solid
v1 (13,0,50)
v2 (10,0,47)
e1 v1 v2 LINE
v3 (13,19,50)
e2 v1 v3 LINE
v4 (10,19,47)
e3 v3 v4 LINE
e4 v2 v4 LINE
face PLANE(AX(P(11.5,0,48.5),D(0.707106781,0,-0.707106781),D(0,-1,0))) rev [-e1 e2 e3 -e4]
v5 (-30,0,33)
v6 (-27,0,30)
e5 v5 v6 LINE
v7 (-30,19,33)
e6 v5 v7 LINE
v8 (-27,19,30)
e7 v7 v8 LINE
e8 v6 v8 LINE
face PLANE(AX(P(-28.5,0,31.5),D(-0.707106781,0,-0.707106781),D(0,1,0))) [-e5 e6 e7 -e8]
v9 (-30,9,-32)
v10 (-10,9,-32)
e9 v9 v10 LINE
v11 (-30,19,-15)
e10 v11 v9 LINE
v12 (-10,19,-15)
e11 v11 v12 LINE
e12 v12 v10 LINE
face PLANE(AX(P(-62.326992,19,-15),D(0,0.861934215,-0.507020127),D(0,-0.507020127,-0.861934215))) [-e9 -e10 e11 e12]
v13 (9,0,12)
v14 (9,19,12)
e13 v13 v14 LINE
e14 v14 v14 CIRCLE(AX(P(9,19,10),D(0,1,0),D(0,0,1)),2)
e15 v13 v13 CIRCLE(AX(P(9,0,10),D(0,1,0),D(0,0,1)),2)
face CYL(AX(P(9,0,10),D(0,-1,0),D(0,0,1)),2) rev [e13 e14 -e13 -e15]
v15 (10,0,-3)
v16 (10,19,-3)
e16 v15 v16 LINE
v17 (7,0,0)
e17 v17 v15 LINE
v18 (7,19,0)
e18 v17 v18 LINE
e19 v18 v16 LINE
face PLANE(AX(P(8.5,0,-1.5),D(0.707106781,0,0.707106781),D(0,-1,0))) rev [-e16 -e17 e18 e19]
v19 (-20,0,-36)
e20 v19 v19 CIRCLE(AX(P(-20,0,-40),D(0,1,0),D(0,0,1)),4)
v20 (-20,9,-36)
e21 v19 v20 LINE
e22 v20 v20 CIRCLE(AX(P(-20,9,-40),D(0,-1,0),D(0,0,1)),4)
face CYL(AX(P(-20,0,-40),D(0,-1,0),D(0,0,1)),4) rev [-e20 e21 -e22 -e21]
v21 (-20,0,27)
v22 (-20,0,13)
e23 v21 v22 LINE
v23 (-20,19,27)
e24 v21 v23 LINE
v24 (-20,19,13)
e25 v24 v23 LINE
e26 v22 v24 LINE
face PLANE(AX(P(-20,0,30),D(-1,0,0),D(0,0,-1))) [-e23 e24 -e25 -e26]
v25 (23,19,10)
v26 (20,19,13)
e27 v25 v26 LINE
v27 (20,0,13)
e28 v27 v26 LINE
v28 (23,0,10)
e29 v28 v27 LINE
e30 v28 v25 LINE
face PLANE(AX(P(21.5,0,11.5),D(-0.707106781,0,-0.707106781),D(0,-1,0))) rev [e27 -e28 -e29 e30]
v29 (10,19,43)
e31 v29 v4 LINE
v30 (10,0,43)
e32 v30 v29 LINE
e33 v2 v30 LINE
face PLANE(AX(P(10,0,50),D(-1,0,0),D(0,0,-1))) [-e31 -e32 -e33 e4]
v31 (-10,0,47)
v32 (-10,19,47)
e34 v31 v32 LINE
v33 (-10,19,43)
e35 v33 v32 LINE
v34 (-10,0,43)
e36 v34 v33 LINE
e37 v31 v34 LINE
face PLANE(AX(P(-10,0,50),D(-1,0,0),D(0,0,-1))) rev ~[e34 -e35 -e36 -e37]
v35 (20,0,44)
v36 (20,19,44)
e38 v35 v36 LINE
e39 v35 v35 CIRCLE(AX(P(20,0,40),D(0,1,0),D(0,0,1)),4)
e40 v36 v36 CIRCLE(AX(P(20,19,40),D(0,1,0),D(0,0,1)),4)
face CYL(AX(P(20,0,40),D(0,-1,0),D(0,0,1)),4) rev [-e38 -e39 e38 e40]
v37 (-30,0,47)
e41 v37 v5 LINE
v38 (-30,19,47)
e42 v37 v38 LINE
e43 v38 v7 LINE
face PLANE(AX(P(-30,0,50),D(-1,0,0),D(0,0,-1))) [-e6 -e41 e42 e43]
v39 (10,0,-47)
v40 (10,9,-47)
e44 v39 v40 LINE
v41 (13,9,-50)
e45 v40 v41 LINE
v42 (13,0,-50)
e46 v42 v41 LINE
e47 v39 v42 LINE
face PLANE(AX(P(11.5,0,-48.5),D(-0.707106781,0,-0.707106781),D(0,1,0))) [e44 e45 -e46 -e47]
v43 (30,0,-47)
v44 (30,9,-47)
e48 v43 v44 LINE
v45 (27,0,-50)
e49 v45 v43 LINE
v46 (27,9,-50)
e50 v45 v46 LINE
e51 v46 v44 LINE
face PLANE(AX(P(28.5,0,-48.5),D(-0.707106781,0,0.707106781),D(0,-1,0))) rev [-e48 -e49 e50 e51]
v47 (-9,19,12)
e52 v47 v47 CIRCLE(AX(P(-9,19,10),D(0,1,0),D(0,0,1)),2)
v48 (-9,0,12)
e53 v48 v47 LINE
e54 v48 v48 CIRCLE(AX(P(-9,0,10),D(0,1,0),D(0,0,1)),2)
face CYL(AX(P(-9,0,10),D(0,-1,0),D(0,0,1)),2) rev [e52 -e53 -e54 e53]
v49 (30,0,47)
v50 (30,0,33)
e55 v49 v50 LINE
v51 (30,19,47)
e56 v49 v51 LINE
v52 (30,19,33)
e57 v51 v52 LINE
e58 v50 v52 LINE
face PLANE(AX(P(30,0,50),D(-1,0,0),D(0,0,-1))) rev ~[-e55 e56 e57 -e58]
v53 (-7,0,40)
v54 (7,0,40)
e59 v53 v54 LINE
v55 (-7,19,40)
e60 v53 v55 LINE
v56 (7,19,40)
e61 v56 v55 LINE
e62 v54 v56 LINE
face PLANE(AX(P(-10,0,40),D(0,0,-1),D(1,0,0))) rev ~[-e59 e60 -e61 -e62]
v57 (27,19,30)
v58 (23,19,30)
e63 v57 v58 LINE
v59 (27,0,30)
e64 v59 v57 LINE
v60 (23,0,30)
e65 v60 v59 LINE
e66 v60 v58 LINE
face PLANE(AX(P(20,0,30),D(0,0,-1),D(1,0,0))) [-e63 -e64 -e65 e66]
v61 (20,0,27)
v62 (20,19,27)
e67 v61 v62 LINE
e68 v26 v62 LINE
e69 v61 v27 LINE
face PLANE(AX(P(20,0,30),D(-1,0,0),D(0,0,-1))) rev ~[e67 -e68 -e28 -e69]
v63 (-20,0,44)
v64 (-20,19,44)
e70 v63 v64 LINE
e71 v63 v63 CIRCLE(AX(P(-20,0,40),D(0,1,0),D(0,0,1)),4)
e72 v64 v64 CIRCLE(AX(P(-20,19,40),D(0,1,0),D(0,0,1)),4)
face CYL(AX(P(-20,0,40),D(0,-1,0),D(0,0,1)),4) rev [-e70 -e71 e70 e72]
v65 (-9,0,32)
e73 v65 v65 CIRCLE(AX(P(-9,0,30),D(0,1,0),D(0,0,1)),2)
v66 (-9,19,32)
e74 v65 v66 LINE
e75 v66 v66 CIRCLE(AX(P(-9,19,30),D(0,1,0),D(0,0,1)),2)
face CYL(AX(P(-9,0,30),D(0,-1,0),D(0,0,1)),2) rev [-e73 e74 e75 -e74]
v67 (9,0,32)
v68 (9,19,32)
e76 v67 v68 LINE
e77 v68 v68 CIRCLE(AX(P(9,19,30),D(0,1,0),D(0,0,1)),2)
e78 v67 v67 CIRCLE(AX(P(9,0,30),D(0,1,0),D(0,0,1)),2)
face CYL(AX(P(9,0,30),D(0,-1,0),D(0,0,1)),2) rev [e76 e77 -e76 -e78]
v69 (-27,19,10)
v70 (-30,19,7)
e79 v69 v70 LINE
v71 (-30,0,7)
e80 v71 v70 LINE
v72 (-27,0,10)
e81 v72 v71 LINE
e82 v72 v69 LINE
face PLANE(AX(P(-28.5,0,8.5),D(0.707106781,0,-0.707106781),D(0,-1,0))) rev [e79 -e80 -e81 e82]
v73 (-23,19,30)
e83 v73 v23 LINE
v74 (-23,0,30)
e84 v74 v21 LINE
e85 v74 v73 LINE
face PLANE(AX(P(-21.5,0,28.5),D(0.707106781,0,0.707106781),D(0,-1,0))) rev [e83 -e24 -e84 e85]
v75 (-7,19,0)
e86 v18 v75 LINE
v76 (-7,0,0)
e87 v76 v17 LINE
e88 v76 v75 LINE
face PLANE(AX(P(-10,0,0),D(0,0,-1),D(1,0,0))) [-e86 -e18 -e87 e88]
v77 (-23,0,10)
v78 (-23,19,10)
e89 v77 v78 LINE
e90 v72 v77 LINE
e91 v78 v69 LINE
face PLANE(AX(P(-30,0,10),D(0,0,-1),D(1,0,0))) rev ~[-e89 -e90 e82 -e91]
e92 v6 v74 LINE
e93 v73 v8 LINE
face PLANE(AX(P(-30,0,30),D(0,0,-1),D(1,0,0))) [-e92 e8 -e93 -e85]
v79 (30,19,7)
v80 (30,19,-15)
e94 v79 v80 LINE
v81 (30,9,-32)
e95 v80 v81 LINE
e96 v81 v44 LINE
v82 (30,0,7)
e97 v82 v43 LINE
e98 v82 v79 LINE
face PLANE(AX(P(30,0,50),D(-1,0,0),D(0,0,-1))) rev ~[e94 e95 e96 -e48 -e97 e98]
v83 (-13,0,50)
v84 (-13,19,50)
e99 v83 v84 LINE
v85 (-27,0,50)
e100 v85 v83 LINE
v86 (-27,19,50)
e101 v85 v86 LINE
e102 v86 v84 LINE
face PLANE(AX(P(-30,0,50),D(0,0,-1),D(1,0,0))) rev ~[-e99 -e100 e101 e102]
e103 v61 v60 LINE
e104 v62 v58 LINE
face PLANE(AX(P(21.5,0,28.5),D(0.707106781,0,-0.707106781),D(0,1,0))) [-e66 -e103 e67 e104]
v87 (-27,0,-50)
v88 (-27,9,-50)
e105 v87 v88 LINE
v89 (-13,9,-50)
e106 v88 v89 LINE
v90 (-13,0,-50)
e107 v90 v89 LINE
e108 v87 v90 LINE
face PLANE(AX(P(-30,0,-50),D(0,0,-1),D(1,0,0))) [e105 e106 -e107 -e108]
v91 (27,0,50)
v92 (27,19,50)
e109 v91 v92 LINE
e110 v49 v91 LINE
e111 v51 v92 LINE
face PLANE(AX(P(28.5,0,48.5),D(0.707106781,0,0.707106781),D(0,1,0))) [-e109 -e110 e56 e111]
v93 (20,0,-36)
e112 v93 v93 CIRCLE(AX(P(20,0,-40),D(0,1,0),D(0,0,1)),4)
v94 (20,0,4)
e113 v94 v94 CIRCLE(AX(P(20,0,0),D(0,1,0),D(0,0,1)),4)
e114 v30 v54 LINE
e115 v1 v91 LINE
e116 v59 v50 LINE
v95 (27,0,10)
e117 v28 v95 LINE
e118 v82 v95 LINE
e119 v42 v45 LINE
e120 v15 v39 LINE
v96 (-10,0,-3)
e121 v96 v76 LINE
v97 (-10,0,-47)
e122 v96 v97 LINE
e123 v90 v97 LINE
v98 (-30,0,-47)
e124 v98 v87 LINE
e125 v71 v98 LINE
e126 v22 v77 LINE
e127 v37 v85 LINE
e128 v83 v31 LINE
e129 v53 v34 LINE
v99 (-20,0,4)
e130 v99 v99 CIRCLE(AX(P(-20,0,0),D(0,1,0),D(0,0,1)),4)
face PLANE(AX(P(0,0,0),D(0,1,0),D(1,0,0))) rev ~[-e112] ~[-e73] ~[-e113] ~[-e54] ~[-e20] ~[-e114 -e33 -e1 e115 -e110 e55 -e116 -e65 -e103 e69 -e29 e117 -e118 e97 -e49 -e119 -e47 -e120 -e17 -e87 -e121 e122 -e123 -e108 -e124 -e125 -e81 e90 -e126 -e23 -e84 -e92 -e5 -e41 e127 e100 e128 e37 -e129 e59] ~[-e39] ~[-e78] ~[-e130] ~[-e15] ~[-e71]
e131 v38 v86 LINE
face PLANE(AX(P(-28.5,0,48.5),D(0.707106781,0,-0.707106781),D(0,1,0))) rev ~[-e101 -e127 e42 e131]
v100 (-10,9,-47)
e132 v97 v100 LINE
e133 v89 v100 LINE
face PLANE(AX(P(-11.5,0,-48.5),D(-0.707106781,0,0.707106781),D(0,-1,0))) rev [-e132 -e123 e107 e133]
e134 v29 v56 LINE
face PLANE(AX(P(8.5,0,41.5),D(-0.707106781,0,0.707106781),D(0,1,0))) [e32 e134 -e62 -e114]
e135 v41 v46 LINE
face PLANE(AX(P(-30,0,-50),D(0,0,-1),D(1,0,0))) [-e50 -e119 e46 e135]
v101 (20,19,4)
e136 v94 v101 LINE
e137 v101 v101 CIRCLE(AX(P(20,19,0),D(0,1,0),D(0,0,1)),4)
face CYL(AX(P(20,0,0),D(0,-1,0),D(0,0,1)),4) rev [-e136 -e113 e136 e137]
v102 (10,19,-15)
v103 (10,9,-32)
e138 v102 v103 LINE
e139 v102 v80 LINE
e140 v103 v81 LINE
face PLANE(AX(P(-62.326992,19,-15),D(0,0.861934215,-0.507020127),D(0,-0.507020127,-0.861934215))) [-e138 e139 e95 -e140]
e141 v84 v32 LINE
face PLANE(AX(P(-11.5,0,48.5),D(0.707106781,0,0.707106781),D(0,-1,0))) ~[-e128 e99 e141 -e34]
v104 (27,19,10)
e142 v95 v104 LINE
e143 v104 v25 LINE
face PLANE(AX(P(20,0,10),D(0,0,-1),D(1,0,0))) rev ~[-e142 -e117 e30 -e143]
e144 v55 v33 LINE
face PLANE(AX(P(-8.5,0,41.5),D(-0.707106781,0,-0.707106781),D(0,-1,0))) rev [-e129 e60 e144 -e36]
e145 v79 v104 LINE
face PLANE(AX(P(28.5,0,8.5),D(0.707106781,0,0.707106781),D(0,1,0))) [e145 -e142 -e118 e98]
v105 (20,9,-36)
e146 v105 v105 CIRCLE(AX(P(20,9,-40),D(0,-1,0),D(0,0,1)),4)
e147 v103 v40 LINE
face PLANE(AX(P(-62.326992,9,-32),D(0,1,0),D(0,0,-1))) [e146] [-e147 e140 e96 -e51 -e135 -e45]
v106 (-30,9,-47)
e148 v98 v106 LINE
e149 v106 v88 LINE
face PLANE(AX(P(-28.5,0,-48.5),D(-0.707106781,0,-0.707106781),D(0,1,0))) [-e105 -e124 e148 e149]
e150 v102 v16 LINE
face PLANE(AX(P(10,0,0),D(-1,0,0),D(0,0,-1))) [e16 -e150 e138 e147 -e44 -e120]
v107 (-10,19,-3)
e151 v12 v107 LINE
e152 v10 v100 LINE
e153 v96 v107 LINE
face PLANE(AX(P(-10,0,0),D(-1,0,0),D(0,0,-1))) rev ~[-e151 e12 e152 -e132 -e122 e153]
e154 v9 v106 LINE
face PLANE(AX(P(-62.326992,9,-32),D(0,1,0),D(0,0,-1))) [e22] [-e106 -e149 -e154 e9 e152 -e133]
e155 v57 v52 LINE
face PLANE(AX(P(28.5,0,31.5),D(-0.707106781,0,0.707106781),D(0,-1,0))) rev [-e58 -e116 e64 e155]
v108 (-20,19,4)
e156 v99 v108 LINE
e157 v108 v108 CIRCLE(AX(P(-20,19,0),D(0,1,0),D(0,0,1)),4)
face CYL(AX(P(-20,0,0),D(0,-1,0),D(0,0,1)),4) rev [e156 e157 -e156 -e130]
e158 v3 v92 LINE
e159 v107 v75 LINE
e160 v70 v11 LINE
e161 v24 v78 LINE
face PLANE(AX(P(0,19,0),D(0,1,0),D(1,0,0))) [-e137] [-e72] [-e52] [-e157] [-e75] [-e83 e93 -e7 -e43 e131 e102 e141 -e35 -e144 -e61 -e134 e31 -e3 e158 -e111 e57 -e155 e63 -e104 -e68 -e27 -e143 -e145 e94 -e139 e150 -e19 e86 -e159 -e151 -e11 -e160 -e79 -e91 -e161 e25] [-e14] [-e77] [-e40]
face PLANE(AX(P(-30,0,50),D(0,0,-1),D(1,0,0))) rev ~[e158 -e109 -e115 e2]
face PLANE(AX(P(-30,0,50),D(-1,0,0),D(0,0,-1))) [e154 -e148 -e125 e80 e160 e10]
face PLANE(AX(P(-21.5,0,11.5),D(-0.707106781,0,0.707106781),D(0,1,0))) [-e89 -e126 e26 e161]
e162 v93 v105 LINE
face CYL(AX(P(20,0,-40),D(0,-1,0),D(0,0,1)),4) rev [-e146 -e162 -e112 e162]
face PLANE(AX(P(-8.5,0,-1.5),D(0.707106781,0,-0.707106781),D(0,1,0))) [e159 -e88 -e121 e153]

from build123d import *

# Parameters (mm, degrees)
SKETCH_1_W               = 60
SKETCH_1_H               = 100
SKETCH_1_R               = 4
SKETCH_1_R_2             = 2
EXTRUDE_1_DEPTH          = 19
SKETCH_3_W               = 20
SKETCH_3_H               = 50
SKETCH_3_H_2             = 10
SKETCH_3_W_2             = 10
SKETCH_3_H_3             = 20
CUT_EXTRUDE_1_DEPTH      = 62.326992426
CHAMFER_1_SIZE           = 3
CUT_EXTRUDE_2_DEPTH      = 62.326992426
CUT_EXTRUDE_2_DEPTH_BACK = 62.326992426


with BuildPart() as part:
    # 草图1 → 凸台-拉伸1 (new body)
    with BuildSketch(Plane(origin=(0, 0, 0), x_dir=(1, 0, 0), z_dir=(0, 1, 0))):
        Rectangle(SKETCH_1_W, SKETCH_1_H)
        with Locations(Location((-20, 0, 0), (0, 0, 270))):
            Circle(SKETCH_1_R, mode=Mode.SUBTRACT)
        with Locations(Location((20, 0, 0), (0, 0, 270))):
            Circle(SKETCH_1_R, mode=Mode.SUBTRACT)
        with Locations(Location((-20, -40, 0), (0, 0, 270))):
            Circle(SKETCH_1_R, mode=Mode.SUBTRACT)
        with Locations(Location((20, -40, 0), (0, 0, 270))):
            Circle(SKETCH_1_R, mode=Mode.SUBTRACT)
        with Locations(Location((-20, 40, 0), (0, 0, 270))):
            Circle(SKETCH_1_R, mode=Mode.SUBTRACT)
        with Locations(Location((20, 40, 0), (0, 0, 270))):
            Circle(SKETCH_1_R, mode=Mode.SUBTRACT)
        with Locations(Location((-9, -30, 0), (0, 0, 270))):
            Circle(SKETCH_1_R_2, mode=Mode.SUBTRACT)
        with Locations(Location((9, -30, 0), (0, 0, 270))):
            Circle(SKETCH_1_R_2, mode=Mode.SUBTRACT)
        with Locations(Location((-9, -10, 0), (0, 0, 270))):
            Circle(SKETCH_1_R_2, mode=Mode.SUBTRACT)
        with Locations(Location((9, -10, 0), (0, 0, 270))):
            Circle(SKETCH_1_R_2, mode=Mode.SUBTRACT)
    extrude(amount=EXTRUDE_1_DEPTH)

    # 草图3 → 切除-拉伸1 (cut, through all)
    with BuildSketch(Plane(origin=(0, 0, 0), x_dir=(1, 0, 0), z_dir=(0, 1, 0))):
        with Locations((0, 25)):
            Rectangle(SKETCH_3_W, SKETCH_3_H)
        with Locations((0, -45)):
            Rectangle(SKETCH_3_W, SKETCH_3_H_2)
        with Locations((-25, -20)):
            Rectangle(SKETCH_3_W_2, SKETCH_3_H_3)
        with Locations((25, -20)):
            Rectangle(SKETCH_3_W_2, SKETCH_3_H_3)
    extrude(amount=CUT_EXTRUDE_1_DEPTH, mode=Mode.SUBTRACT)

    # 倒角1
    chamfer_1_edges = [part.edges().sort_by_distance(p)[0] for p in [
        (-10, 9.5, -50),
        (-10, 9.5, 0),
        (10, 9.5, 0),
        (10, 9.5, -50),
        (-30, 9.5, -50),
        (30, 9.5, -50),
        (-10, 9.5, 40),
        (-10, 9.5, 50),
        (30, 9.5, 50),
        (10, 9.5, 50),
        (10, 9.5, 40),
        (-30, 9.5, 50),
        (-30, 9.5, 10),
        (-30, 9.5, 30),
        (-20, 9.5, 30),
        (-20, 9.5, 10),
        (30, 9.5, 30),
        (30, 9.5, 10),
        (20, 9.5, 10),
        (20, 9.5, 30),
    ]]
    chamfer(chamfer_1_edges, length=CHAMFER_1_SIZE)

    # 草图4 → 切除-拉伸2 (cut, two sides: drawn at the far end of the back side and taken through both)
    with BuildSketch(Plane(origin=(0, 0, 0), x_dir=(0, 0, -1), z_dir=(1, 0, 0)).offset(-CUT_EXTRUDE_2_DEPTH_BACK)):
        Polygon((15, 19), (32, 9), (50, 9), (50, 19), align=None)
    extrude(amount=CUT_EXTRUDE_2_DEPTH + CUT_EXTRUDE_2_DEPTH_BACK, mode=Mode.SUBTRACT)


solid = part.part
